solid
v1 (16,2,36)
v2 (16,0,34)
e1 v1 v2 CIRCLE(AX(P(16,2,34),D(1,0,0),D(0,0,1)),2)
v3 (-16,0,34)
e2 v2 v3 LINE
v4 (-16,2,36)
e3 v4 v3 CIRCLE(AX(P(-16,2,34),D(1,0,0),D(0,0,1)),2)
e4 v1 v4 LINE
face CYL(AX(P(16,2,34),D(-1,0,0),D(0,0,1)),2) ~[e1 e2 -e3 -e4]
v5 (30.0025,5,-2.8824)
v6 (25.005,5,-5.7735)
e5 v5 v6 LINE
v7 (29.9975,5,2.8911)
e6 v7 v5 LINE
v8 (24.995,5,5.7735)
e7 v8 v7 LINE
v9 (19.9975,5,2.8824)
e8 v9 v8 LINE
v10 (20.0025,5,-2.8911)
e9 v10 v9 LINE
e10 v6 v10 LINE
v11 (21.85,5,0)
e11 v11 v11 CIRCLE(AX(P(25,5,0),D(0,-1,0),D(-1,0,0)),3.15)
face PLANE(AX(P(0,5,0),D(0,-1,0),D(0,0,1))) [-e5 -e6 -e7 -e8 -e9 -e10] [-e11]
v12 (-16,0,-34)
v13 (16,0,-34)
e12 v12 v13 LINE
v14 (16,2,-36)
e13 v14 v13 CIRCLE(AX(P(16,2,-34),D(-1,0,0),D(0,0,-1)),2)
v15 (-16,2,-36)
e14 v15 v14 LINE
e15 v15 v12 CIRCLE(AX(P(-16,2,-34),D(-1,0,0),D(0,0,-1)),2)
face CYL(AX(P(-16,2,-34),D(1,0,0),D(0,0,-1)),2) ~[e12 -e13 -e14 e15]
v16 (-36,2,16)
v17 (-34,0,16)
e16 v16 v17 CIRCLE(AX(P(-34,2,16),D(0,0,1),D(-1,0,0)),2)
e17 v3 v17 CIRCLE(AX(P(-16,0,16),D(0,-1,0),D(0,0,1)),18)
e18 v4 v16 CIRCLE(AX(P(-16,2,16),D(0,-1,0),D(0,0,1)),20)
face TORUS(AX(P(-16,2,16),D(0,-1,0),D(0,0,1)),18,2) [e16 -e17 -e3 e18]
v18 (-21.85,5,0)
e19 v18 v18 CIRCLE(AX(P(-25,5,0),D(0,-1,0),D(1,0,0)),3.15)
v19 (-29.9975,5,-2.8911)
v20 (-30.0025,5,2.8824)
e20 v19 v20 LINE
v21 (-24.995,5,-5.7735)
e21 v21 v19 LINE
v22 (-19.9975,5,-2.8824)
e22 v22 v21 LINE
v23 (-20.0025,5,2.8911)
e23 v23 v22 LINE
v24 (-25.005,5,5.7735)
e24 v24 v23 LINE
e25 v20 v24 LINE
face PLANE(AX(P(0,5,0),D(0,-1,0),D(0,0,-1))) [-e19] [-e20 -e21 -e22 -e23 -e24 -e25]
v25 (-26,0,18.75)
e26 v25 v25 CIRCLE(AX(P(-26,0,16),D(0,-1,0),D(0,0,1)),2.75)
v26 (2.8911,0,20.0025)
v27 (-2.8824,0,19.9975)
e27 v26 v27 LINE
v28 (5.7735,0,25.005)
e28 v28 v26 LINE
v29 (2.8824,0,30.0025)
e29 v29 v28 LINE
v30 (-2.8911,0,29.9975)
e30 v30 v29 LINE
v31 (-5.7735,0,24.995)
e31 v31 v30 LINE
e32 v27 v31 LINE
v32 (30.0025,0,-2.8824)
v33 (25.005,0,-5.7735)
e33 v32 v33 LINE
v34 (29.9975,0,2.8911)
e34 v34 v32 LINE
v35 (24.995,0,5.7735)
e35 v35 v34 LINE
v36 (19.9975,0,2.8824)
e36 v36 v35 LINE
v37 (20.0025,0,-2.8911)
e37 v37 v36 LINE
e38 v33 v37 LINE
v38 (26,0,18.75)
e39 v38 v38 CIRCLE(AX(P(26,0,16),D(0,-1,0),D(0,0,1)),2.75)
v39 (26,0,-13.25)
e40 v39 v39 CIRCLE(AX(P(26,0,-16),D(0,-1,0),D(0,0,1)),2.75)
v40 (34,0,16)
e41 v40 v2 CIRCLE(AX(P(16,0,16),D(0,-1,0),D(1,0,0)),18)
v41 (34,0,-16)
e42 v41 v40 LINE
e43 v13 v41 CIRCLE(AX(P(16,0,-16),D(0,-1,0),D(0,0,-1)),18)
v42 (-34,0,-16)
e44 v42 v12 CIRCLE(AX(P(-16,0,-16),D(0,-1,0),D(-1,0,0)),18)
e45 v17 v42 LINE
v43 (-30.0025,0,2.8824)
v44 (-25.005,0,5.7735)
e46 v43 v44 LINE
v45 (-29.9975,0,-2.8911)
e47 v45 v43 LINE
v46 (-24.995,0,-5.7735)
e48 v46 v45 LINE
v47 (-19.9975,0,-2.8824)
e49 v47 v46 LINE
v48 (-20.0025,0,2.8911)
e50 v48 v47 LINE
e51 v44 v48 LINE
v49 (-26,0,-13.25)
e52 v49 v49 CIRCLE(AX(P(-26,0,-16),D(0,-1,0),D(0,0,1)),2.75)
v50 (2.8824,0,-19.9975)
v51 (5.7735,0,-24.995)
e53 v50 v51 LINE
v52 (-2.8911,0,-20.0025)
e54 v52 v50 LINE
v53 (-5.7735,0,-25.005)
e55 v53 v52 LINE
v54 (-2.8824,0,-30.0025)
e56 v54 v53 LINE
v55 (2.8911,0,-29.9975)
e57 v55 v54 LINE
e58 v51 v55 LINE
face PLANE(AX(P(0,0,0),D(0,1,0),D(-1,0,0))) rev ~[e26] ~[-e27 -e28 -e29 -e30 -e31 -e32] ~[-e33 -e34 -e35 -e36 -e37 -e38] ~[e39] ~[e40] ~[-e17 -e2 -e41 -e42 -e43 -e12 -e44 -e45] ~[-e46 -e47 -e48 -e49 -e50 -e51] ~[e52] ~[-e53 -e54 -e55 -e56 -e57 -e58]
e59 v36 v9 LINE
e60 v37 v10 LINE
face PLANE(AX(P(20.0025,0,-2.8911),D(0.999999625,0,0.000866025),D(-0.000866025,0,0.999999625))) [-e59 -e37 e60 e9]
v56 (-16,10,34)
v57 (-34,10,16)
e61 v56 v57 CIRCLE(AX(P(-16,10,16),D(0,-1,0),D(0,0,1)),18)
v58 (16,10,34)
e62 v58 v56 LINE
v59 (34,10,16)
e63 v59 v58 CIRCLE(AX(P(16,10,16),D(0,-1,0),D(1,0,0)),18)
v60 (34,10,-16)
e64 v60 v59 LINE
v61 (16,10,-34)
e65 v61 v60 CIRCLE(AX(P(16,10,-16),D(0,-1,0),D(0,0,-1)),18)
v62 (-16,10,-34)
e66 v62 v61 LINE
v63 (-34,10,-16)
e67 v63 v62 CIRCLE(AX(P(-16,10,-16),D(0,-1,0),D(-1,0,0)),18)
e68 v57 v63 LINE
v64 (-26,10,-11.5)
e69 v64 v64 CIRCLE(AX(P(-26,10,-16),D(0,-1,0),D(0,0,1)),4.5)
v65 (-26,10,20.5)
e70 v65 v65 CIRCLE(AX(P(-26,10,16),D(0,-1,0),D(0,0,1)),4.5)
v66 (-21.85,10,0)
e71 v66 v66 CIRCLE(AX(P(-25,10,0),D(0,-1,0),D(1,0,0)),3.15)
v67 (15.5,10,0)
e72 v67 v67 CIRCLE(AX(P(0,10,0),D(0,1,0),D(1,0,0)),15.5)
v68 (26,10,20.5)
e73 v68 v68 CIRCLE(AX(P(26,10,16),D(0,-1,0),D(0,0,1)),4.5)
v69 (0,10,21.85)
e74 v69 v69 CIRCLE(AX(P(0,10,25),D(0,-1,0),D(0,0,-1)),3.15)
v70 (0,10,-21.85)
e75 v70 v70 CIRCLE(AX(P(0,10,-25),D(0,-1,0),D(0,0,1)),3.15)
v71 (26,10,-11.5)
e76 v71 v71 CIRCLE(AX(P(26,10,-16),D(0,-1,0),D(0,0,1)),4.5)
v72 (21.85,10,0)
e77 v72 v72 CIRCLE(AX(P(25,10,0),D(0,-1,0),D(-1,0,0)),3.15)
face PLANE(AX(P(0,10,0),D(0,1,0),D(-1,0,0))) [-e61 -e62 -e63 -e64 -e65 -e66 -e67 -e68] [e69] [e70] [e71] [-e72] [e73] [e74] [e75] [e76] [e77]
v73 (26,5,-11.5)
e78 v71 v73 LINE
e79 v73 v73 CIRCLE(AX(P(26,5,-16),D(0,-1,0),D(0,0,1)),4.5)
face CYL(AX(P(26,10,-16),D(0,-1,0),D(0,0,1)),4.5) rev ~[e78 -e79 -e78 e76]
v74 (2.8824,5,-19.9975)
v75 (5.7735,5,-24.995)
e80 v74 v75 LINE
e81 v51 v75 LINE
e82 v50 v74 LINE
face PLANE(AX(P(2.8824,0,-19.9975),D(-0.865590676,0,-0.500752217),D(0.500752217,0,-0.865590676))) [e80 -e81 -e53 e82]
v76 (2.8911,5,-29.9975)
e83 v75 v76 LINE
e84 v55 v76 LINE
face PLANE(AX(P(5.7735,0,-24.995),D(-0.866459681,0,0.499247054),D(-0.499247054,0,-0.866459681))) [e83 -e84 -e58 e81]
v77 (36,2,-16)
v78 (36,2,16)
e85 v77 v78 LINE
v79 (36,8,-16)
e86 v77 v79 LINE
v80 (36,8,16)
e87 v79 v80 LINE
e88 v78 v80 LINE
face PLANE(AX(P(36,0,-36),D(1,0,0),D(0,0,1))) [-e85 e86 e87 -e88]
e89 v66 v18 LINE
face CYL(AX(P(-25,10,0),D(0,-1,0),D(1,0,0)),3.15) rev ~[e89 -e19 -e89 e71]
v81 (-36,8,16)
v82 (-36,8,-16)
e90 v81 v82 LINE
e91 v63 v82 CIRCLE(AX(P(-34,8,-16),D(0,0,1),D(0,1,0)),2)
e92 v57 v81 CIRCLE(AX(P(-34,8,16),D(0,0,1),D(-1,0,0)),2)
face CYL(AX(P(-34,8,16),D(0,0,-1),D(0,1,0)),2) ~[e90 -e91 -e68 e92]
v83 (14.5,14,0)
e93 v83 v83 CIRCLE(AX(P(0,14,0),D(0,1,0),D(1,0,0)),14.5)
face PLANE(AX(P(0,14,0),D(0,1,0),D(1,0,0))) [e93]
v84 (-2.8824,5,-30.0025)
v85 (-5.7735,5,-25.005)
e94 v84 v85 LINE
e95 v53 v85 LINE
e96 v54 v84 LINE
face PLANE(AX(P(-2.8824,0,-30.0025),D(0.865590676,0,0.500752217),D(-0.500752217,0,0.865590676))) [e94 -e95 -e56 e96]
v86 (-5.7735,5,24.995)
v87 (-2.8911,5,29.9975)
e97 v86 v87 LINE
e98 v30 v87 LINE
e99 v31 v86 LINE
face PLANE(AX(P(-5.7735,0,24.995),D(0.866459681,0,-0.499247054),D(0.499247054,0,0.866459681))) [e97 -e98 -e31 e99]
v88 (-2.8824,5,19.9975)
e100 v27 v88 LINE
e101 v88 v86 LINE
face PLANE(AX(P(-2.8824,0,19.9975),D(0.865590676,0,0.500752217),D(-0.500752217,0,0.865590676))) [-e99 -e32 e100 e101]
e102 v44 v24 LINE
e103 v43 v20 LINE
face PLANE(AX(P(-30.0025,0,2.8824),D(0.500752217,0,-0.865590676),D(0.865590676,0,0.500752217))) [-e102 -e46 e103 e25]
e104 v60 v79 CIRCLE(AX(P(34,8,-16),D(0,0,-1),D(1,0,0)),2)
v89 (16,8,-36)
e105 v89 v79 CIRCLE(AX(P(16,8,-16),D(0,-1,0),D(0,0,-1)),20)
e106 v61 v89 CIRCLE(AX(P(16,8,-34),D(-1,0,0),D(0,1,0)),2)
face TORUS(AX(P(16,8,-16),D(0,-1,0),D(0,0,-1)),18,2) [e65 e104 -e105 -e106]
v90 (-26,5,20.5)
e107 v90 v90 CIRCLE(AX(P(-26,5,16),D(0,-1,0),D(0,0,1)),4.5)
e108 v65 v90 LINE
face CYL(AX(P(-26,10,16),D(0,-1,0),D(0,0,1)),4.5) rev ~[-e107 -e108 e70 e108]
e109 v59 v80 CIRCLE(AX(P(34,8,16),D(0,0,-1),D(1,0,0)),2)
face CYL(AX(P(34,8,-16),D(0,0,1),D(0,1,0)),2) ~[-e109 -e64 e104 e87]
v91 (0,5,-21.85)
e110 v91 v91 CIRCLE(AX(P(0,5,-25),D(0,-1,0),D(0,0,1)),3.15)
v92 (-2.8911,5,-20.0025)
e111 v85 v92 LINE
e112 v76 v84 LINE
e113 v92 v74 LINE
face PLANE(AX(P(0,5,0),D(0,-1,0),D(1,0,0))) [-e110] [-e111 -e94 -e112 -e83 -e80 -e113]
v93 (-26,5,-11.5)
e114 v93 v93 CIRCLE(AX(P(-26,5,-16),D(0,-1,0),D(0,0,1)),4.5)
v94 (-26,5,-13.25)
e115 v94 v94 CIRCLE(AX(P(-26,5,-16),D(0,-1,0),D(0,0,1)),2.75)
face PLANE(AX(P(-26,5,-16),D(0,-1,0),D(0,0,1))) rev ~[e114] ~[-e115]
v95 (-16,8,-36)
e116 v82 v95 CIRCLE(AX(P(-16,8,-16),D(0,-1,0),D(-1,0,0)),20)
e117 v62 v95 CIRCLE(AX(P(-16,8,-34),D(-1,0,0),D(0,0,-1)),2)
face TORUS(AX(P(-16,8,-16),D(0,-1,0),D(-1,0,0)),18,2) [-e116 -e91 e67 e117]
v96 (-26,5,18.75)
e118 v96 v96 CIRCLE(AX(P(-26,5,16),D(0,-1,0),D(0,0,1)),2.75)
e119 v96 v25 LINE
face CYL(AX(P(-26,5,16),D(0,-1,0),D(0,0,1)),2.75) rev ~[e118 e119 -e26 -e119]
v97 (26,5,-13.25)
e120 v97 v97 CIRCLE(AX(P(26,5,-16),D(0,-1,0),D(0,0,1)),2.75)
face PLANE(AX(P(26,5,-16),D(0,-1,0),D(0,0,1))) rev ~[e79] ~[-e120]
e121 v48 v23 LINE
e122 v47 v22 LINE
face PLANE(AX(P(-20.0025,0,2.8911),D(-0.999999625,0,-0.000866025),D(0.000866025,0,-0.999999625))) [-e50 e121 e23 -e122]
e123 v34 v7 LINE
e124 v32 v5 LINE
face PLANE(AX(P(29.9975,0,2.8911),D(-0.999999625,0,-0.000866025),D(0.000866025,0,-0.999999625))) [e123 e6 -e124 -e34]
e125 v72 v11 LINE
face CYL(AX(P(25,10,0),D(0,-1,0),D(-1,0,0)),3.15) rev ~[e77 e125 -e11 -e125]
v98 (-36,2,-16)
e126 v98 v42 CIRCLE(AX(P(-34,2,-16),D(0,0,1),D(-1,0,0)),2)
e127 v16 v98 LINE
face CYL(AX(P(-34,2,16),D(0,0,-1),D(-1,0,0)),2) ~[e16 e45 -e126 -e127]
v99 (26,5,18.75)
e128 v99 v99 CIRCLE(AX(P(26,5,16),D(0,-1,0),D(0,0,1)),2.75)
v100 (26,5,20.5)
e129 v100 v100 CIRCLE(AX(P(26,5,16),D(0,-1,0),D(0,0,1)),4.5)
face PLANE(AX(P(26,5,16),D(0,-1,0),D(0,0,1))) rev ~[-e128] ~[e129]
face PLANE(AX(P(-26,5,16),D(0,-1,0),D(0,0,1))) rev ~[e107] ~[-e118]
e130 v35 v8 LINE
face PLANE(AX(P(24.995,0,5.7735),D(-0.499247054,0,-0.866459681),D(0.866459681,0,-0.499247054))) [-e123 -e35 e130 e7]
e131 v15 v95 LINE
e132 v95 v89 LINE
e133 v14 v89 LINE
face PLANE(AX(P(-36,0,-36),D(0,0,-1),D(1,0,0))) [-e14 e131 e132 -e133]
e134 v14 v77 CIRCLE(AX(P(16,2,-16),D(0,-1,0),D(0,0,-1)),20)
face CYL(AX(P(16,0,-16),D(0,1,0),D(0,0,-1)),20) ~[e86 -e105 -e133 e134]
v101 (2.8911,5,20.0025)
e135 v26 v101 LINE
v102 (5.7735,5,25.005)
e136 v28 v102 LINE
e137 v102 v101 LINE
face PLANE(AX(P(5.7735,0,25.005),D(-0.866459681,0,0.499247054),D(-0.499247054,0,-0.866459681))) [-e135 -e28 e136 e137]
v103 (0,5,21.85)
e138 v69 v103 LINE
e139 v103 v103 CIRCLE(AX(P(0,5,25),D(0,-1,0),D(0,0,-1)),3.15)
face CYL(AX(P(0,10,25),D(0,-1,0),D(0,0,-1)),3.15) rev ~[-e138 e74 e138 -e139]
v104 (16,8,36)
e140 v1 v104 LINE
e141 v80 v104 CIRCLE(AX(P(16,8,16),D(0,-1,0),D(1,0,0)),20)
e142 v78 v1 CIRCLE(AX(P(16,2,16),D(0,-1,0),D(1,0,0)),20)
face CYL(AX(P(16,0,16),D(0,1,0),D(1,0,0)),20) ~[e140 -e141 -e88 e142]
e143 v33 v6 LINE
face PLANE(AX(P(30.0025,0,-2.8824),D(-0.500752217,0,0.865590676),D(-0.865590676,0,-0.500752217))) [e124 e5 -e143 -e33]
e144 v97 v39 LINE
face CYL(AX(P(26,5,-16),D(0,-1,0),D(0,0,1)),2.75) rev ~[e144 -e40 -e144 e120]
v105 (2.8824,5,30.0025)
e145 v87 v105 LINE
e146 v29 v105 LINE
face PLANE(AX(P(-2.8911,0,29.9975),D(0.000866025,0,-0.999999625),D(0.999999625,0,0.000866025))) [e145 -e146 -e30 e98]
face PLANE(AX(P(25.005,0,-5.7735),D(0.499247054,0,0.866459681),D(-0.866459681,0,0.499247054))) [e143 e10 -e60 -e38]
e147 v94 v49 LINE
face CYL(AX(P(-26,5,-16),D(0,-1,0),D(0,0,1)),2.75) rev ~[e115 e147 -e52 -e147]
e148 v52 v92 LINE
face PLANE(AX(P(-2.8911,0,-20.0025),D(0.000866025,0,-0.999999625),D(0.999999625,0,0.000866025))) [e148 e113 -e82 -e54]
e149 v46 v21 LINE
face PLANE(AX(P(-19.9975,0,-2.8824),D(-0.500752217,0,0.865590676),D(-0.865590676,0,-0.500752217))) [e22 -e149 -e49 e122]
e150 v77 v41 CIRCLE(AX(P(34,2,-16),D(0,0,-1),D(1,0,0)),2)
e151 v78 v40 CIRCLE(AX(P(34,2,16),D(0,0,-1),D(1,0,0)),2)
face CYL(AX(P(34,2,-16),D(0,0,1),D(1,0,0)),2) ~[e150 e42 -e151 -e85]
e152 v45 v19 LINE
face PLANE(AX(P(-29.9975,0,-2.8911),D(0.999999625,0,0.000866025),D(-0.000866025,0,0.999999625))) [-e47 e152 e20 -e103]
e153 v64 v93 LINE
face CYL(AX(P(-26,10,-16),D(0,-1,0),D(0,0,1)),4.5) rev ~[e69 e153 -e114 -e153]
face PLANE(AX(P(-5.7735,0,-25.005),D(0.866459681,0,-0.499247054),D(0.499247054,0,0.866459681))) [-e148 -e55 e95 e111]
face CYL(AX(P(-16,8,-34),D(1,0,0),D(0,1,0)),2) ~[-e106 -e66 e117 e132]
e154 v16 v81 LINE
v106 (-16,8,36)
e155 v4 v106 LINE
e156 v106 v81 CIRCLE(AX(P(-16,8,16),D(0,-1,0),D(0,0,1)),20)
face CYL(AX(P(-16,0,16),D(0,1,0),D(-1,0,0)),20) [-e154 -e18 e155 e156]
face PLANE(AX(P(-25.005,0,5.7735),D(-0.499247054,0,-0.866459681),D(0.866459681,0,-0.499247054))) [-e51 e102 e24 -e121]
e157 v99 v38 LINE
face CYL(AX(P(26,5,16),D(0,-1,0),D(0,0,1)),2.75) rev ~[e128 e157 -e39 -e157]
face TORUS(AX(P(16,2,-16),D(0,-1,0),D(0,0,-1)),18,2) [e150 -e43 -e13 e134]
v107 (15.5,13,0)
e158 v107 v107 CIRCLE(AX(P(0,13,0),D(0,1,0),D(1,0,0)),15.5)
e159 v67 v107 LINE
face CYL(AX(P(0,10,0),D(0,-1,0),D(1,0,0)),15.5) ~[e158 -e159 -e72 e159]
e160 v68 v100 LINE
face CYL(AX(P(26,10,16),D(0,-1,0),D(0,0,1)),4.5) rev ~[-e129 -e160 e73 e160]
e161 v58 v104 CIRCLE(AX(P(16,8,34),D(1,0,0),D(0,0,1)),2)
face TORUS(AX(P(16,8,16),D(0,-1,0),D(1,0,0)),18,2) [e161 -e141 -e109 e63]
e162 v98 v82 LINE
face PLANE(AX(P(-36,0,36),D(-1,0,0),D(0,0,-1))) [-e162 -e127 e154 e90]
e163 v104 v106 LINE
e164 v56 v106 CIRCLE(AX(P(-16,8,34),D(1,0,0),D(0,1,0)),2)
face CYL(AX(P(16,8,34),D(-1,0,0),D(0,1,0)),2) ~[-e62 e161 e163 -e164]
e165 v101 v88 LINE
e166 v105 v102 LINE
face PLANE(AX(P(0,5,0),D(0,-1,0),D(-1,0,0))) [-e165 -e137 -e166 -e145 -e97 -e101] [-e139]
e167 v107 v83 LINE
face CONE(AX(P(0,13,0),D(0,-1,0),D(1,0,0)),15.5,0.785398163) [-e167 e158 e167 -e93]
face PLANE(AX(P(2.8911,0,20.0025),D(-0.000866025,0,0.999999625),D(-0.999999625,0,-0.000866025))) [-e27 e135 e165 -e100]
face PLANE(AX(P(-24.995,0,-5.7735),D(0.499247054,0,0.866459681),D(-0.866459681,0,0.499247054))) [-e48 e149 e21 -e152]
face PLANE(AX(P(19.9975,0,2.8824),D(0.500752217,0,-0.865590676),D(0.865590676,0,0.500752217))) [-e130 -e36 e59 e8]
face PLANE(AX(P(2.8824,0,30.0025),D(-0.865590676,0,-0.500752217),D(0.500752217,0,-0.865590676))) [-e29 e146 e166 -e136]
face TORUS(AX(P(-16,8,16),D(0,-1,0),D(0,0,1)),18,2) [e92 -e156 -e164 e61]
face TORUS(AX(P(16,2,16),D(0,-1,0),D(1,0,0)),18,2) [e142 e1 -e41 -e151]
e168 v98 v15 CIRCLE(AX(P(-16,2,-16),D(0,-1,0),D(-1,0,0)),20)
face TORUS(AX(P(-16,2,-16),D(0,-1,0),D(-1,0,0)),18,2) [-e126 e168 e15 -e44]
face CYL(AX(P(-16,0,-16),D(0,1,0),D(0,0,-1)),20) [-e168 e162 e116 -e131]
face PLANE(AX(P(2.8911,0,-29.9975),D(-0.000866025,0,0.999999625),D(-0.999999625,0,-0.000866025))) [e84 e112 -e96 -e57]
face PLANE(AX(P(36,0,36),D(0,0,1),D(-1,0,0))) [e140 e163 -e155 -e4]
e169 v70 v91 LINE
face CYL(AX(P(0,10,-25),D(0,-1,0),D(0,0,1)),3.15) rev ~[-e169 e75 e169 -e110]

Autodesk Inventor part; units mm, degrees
ref_plane "YZ Plane" through (0, 0, 0) normal (1, 0, 0) x (0, 1, 0)
ref_plane "XZ Plane" through (0, 0, 0) normal (0, 1, 0) x (-1, 0, 0)
ref_plane "XY Plane" through (0, 0, 0) normal (0, 0, 1) x (1, 0, 0)
sketch "Sketch1" plane through (0, 0, 0) normal (0, 1, 0) x (-1, 0, 0)
  line L0 (36, -36) -> (-36, -36)
  line L1 (-36, -36) -> (-36, 36)
  line L2 (-36, 36) -> (36, 36)
  line L3 (36, 36) -> (36, -36)
  point P0 (36, 0)
  point P1 (0, 0)
  point P2 (0, -36)
  dimension "d4" = 72
  dimension "d5" = 72
extrude "Extrusion1" add sketch "Sketch1" along normal blind 10
sketch "Sketch2" plane through (0, 10, 0) normal (0, 1, 0) x (1, 0, 0)
  point P0 (0, 0)
  point P1 (-26, -16)
  dimension "d13" = 16
  dimension "d14" = 26
hole "Hole1" at (-26, 10, 16) direction (0, -1, 0) diameter 5.5 end through all counterbore diameter 9 counterbore depth 5 clearance for "Hex Head Bolt" size "M5" standard "Ansi Metric M Profile"
pattern_linear "Rectangular Pattern1" count 2 spacing 52 along (1, 0, 0) count 2 spacing 32 along (0, 0, -1) of "Hole1"
sketch "Sketch3" plane through (0, 10, 0) normal (0, 1, 0) x (1, 0, 0)
  point P0 (0, 0)
  point P1 (0, 25)
  dimension "d28" = 25
hole "Hole2" at (0, 10, -25) direction (0, -1, 0) diameter 6.3 end through all clearance for "Hex Head Bolt" size "M6" standard "Ansi Metric M Profile"
sketch "Sketch5" plane through (0, 0, 0) normal (0, -1, 0) x (1, 0, 0)
  circle A0 centre (0, -25) radius 3.15 projected
  line L0 (-2.8911, -20.0025) -> (2.8824, -19.9975)
  line L1 (2.8824, -19.9975) -> (5.7735, -24.995)
  line L2 (5.7735, -24.995) -> (2.8911, -29.9975)
  line L3 (2.8911, -29.9975) -> (-2.8824, -30.0025)
  line L4 (-2.8824, -30.0025) -> (-5.7735, -25.005)
  line L5 (-5.7735, -25.005) -> (-2.8911, -20.0025)
  point P0 (0, 0)
  dimension "d38" = 10
extrude "Extrusion3" cut sketch "Sketch5" against normal blind 5 contours A0 | L0 L1 L2 L3 L4 L5
pattern_circular "Circular Pattern3" count 4 over 360 about axis through (0, -10, 0) along (0, 1, 0) of "Hole2", "Extrusion3"
sketch "Sketch6" plane through (0, 10, 0) normal (0, 1, 0) x (1, 0, 0)
  circle A0 centre (0, 0) radius 15.5
  dimension "d44" = 31
extrude "Extrusion4" add sketch "Sketch6" along normal blind 4
chamfer "Chamfer1" distance 1 angle 45 1 edges at (-15.5, 14, 0)
fillet "Fillet1" radius 20 4 edges at (-36, 5, 36) (36, 5, 36) (36, 5, -36) (-36, 5, -36)
fillet "Fillet2" radius 2 16 edges at (30.1421, 10, 30.1421) (36, 10, 0) (30.1421, 10, -30.1421) (0, 10, -36) (-30.1421, 10, -30.1421) (-36, 10, 0) (-30.1421, 10, 30.1421) (0, 10, 36) (30.1421, 0, 30.1421) (36, 0, 0) (30.1421, 0, -30.1421) (0, 0, -36) (-30.1421, 0, -30.1421) (-36, 0, 0) (-30.1421, 0, 30.1421) (0, 0, 36)
properties part number "schunk_egi_quick_release_adapter_plate"
